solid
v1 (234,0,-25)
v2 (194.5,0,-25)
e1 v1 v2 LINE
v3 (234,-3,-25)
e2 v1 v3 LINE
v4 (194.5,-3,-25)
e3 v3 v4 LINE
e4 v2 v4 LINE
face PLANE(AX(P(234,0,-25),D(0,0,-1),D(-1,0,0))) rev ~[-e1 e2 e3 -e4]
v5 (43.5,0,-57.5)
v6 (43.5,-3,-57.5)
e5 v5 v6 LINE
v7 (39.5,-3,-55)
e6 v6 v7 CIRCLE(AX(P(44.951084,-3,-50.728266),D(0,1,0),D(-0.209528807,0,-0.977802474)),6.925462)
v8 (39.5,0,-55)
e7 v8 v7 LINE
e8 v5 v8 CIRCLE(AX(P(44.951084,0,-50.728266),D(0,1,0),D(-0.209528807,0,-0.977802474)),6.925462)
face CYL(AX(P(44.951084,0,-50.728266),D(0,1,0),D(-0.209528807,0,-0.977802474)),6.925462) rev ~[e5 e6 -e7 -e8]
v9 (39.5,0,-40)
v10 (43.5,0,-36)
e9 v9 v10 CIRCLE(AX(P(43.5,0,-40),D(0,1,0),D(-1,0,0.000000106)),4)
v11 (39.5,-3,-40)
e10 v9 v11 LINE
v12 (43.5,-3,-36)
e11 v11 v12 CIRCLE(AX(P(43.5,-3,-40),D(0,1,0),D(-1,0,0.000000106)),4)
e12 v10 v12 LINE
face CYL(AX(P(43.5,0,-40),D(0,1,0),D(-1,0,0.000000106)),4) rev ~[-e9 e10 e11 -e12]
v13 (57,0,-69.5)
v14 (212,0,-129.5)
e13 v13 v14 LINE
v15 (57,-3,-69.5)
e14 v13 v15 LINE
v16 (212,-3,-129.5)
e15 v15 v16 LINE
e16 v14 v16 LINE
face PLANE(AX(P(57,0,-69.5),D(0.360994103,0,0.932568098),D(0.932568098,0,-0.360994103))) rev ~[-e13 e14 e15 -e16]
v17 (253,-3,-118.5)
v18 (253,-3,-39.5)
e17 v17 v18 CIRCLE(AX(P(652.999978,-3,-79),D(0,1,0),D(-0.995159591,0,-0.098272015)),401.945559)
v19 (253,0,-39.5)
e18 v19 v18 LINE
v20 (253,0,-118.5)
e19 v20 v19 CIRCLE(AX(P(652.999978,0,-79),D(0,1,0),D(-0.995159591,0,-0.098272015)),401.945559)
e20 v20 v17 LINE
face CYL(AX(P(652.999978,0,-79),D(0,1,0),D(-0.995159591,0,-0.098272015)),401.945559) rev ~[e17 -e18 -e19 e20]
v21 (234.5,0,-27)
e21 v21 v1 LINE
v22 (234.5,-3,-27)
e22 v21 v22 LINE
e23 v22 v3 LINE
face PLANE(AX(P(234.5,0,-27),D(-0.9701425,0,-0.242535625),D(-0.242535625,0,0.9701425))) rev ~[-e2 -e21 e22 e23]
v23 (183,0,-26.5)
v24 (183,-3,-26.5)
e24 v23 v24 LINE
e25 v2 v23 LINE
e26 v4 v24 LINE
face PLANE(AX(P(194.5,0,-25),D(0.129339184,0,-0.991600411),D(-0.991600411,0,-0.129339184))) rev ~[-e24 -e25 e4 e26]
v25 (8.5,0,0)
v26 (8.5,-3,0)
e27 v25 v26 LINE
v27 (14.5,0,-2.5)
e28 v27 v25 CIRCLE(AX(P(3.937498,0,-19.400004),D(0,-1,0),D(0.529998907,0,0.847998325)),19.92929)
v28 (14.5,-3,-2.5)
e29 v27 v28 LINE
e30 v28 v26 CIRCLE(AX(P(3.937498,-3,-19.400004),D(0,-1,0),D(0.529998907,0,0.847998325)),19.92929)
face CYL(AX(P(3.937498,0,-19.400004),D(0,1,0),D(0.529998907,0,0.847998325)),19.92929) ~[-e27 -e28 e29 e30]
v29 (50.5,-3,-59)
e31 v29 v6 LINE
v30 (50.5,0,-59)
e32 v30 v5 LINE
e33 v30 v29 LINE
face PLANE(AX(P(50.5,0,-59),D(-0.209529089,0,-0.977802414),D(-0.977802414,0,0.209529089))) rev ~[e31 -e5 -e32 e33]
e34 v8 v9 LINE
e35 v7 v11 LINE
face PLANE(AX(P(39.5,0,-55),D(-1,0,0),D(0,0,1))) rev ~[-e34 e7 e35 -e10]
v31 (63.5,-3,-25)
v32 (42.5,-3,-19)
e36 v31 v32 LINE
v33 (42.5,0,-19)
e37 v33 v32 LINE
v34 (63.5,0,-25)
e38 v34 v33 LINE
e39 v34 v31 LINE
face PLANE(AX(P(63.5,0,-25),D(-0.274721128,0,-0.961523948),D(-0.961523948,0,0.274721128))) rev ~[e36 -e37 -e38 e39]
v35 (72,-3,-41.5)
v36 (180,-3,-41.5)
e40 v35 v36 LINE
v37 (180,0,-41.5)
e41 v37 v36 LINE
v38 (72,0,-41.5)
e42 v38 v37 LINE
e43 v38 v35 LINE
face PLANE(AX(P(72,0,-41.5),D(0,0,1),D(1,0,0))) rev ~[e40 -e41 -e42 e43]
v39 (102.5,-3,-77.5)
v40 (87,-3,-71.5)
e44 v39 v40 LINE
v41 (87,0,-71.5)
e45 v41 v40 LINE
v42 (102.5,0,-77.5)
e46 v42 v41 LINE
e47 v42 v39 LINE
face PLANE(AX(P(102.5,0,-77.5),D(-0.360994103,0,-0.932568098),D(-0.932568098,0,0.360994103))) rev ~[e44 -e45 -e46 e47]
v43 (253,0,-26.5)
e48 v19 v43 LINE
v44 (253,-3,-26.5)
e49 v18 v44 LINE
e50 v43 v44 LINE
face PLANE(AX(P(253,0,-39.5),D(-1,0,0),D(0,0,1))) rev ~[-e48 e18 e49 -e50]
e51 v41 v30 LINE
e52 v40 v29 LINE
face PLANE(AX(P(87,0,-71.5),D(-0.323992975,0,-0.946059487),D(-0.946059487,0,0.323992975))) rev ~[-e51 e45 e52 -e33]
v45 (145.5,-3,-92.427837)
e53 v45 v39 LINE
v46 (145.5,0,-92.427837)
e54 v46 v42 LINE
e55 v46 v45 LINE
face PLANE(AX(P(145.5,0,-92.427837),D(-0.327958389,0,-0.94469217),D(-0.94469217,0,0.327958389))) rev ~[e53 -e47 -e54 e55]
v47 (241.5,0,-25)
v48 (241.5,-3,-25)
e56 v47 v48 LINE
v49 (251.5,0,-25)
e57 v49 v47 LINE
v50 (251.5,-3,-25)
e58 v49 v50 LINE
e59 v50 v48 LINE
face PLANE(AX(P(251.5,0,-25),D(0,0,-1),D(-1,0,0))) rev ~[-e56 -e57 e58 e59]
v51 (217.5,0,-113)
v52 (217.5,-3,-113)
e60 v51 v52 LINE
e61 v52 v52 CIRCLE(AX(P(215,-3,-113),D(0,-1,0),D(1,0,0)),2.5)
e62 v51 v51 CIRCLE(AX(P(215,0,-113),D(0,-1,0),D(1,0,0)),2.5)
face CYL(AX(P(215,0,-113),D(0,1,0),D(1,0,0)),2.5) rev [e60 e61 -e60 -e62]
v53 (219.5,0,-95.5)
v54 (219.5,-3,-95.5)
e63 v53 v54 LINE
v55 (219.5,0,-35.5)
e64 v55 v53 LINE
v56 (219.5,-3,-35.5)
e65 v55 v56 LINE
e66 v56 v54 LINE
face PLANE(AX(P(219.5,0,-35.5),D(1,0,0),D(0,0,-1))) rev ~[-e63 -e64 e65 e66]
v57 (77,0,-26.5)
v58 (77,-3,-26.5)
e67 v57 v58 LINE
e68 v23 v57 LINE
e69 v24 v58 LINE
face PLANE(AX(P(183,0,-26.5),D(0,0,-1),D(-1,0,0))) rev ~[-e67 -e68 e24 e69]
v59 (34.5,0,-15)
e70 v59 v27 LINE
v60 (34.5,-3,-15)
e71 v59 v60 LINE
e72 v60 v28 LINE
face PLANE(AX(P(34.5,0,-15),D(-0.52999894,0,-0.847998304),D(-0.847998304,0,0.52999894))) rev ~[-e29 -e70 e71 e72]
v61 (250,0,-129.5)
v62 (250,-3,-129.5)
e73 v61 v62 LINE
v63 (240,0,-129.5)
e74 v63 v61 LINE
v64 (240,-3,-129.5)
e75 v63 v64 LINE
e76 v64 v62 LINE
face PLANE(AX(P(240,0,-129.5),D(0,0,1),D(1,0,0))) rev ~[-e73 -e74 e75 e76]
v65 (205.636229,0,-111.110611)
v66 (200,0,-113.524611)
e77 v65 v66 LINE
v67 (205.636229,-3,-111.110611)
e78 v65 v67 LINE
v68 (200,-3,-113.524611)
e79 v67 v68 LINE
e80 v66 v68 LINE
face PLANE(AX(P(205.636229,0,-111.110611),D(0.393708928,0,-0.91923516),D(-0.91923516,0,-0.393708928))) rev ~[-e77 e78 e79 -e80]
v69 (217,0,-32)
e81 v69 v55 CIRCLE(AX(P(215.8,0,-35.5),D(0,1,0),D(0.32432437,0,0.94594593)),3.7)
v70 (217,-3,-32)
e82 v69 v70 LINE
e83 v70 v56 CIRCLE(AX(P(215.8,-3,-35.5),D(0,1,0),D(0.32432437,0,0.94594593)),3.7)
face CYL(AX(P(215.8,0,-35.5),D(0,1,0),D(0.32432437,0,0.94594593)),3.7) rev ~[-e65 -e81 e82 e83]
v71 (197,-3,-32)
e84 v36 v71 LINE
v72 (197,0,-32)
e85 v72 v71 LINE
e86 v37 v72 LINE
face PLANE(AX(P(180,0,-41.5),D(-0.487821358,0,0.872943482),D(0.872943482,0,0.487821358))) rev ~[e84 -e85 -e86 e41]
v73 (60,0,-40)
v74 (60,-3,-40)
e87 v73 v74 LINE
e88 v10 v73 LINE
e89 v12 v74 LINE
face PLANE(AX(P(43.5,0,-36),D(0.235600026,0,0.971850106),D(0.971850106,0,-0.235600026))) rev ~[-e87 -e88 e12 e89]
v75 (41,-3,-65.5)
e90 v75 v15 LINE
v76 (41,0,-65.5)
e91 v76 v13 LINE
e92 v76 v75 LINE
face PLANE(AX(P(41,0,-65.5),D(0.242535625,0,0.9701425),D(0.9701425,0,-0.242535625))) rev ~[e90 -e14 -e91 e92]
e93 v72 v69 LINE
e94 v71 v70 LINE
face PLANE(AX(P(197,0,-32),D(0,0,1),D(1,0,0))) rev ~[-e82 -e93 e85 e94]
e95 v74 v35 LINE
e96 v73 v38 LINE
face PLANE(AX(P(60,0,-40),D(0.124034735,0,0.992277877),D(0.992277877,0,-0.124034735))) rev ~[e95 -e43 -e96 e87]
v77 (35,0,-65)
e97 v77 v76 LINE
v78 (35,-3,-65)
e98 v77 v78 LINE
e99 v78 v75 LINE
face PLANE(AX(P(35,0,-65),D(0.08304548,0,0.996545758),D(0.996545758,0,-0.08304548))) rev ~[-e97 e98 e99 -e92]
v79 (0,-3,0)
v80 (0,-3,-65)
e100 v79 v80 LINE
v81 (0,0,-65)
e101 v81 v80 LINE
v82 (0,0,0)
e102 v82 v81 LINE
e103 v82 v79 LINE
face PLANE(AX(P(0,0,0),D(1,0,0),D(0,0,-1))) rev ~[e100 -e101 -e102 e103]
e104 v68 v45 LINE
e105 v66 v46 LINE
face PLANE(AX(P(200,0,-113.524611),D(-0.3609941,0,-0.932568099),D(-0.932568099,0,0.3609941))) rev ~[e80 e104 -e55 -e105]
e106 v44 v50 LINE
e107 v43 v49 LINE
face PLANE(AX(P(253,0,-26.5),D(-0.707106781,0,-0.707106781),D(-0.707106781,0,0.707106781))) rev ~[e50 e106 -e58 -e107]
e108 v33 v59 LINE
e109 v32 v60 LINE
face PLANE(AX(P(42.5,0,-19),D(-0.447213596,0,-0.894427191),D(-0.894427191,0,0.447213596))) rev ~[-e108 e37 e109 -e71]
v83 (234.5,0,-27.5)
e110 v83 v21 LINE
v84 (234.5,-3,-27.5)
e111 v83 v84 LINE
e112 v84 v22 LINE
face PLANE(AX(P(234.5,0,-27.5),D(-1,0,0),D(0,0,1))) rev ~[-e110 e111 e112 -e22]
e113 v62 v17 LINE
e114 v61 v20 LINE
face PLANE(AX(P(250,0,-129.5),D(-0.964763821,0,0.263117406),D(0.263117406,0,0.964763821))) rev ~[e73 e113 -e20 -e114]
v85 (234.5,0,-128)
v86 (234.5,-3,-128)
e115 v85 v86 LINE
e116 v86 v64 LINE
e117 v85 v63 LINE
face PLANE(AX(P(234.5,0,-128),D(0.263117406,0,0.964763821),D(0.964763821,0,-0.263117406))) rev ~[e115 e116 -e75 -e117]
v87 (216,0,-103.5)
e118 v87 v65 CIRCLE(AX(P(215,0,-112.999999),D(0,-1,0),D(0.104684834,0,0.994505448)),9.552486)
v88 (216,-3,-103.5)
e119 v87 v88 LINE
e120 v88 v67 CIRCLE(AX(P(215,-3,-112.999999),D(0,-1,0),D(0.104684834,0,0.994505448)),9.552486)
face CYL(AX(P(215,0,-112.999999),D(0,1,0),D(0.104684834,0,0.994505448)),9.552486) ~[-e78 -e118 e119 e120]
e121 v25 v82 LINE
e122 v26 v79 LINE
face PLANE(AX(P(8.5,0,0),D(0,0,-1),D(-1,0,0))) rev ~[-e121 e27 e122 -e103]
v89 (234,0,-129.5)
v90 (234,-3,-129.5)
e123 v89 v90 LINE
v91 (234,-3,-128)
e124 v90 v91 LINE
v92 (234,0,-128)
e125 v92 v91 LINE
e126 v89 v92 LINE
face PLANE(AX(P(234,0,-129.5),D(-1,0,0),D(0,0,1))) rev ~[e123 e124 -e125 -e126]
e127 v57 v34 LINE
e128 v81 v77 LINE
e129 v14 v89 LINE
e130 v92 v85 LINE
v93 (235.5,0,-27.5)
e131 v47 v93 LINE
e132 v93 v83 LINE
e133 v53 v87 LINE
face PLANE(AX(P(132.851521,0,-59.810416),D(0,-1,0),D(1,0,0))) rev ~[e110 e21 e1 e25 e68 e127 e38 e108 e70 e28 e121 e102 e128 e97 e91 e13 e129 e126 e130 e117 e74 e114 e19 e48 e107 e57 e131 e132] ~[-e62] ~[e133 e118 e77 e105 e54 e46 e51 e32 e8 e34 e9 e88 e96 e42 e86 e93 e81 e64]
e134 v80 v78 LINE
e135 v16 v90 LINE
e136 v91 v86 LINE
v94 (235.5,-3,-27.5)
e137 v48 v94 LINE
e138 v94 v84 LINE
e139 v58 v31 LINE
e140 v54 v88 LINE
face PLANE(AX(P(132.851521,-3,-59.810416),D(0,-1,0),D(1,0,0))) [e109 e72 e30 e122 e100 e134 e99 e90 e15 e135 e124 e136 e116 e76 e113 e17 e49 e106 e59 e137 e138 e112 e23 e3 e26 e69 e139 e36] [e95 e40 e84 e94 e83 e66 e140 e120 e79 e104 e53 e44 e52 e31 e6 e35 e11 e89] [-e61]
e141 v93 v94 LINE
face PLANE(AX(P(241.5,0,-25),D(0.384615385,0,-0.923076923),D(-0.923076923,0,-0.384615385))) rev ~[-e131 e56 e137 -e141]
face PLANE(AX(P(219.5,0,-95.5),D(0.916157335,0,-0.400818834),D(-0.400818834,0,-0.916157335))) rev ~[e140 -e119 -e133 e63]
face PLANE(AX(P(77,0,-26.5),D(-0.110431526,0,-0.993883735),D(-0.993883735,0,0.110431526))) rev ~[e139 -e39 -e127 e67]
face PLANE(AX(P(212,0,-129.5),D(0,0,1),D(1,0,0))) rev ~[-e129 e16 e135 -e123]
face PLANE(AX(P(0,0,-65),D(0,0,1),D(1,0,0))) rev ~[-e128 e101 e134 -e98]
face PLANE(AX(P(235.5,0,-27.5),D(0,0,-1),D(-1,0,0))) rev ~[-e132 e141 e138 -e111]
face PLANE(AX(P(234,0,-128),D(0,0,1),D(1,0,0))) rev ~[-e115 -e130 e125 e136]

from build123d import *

# Parameters (mm, degrees)
F0_R     = 2.5
F1_DEPTH = 3


with BuildPart() as f1:
    # F0 (on Front) → F1 (new body)
    with BuildSketch(Plane.XZ):
        with BuildLine():
            Line((8.5, 0), (0, 0))
            Line((0, 0), (0, -65))
            Line((0, -65), (35, -65))
            Line((35, -65), (41, -65.5))
            Line((41, -65.5), (57, -69.5))
            Line((57, -69.5), (212, -129.5))
            Line((212, -129.5), (234, -129.5))
            Line((234, -129.5), (234, -128))
            Line((234, -128), (234.5, -128))
            Line((234.5, -128), (240, -129.5))
            Line((240, -129.5), (250, -129.5))
            Line((250, -129.5), (253, -118.5))
            ThreePointArc((253, -118.5), (251.054419, -79), (253, -39.5))
            Line((253, -39.5), (253, -26.5))
            Line((253, -26.5), (251.5, -25))
            Line((251.5, -25), (241.5, -25))
            Line((241.5, -25), (235.5, -27.5))
            Line((235.5, -27.5), (234.5, -27.5))
            Line((234.5, -27.5), (234.5, -27))
            Line((234.5, -27), (234, -25))
            Line((234, -25), (194.5, -25))
            Line((194.5, -25), (183, -26.5))
            Line((183, -26.5), (77, -26.5))
            Line((77, -26.5), (63.5, -25))
            Line((63.5, -25), (42.5, -19))
            Line((42.5, -19), (34.5, -15))
            Line((34.5, -15), (14.5, -2.5))
            ThreePointArc((14.5, -2.5), (11.60261, -1.003737), (8.5, 0))
        make_face()
        with Locations((215, -113)):
            Circle(F0_R, mode=Mode.SUBTRACT)
        with BuildLine():
            Line((77, -41.5), (87, -41.5))
            Line((87, -41.5), (113, -41.5))
            Line((113, -41.5), (138, -41.5))
            Line((138, -41.5), (180, -41.5))
            Line((180, -41.5), (197, -32))
            Line((197, -32), (217, -32))
            ThreePointArc((217, -32), (218.810814, -33.349419), (219.5, -35.5))
            Line((219.5, -35.5), (219.5, -95.5))
            Line((219.5, -95.5), (216, -103.5))
            ThreePointArc((216, -103.5), (209.345929, -105.300553), (205.636229, -111.110611))
            Line((205.636229, -111.110611), (200, -113.524611))
            Line((200, -113.524611), (145.5, -92.427837))
            Line((145.5, -92.427837), (102.5, -77.5))
            Line((102.5, -77.5), (87, -71.5))
            Line((87, -71.5), (50.5, -59))
            Line((50.5, -59), (43.5, -57.5))
            ThreePointArc((43.5, -57.5), (41.280596, -56.601046), (39.5, -55))
            Line((39.5, -55), (39.5, -40))
            ThreePointArc((39.5, -40), (40.671573, -37.171573), (43.5, -36))
            Line((43.5, -36), (60, -40))
            Line((60, -40), (72, -41.5))
            Line((72, -41.5), (77, -41.5))
        make_face(mode=Mode.SUBTRACT)
    extrude(amount=F1_DEPTH)


solid = f1.part
